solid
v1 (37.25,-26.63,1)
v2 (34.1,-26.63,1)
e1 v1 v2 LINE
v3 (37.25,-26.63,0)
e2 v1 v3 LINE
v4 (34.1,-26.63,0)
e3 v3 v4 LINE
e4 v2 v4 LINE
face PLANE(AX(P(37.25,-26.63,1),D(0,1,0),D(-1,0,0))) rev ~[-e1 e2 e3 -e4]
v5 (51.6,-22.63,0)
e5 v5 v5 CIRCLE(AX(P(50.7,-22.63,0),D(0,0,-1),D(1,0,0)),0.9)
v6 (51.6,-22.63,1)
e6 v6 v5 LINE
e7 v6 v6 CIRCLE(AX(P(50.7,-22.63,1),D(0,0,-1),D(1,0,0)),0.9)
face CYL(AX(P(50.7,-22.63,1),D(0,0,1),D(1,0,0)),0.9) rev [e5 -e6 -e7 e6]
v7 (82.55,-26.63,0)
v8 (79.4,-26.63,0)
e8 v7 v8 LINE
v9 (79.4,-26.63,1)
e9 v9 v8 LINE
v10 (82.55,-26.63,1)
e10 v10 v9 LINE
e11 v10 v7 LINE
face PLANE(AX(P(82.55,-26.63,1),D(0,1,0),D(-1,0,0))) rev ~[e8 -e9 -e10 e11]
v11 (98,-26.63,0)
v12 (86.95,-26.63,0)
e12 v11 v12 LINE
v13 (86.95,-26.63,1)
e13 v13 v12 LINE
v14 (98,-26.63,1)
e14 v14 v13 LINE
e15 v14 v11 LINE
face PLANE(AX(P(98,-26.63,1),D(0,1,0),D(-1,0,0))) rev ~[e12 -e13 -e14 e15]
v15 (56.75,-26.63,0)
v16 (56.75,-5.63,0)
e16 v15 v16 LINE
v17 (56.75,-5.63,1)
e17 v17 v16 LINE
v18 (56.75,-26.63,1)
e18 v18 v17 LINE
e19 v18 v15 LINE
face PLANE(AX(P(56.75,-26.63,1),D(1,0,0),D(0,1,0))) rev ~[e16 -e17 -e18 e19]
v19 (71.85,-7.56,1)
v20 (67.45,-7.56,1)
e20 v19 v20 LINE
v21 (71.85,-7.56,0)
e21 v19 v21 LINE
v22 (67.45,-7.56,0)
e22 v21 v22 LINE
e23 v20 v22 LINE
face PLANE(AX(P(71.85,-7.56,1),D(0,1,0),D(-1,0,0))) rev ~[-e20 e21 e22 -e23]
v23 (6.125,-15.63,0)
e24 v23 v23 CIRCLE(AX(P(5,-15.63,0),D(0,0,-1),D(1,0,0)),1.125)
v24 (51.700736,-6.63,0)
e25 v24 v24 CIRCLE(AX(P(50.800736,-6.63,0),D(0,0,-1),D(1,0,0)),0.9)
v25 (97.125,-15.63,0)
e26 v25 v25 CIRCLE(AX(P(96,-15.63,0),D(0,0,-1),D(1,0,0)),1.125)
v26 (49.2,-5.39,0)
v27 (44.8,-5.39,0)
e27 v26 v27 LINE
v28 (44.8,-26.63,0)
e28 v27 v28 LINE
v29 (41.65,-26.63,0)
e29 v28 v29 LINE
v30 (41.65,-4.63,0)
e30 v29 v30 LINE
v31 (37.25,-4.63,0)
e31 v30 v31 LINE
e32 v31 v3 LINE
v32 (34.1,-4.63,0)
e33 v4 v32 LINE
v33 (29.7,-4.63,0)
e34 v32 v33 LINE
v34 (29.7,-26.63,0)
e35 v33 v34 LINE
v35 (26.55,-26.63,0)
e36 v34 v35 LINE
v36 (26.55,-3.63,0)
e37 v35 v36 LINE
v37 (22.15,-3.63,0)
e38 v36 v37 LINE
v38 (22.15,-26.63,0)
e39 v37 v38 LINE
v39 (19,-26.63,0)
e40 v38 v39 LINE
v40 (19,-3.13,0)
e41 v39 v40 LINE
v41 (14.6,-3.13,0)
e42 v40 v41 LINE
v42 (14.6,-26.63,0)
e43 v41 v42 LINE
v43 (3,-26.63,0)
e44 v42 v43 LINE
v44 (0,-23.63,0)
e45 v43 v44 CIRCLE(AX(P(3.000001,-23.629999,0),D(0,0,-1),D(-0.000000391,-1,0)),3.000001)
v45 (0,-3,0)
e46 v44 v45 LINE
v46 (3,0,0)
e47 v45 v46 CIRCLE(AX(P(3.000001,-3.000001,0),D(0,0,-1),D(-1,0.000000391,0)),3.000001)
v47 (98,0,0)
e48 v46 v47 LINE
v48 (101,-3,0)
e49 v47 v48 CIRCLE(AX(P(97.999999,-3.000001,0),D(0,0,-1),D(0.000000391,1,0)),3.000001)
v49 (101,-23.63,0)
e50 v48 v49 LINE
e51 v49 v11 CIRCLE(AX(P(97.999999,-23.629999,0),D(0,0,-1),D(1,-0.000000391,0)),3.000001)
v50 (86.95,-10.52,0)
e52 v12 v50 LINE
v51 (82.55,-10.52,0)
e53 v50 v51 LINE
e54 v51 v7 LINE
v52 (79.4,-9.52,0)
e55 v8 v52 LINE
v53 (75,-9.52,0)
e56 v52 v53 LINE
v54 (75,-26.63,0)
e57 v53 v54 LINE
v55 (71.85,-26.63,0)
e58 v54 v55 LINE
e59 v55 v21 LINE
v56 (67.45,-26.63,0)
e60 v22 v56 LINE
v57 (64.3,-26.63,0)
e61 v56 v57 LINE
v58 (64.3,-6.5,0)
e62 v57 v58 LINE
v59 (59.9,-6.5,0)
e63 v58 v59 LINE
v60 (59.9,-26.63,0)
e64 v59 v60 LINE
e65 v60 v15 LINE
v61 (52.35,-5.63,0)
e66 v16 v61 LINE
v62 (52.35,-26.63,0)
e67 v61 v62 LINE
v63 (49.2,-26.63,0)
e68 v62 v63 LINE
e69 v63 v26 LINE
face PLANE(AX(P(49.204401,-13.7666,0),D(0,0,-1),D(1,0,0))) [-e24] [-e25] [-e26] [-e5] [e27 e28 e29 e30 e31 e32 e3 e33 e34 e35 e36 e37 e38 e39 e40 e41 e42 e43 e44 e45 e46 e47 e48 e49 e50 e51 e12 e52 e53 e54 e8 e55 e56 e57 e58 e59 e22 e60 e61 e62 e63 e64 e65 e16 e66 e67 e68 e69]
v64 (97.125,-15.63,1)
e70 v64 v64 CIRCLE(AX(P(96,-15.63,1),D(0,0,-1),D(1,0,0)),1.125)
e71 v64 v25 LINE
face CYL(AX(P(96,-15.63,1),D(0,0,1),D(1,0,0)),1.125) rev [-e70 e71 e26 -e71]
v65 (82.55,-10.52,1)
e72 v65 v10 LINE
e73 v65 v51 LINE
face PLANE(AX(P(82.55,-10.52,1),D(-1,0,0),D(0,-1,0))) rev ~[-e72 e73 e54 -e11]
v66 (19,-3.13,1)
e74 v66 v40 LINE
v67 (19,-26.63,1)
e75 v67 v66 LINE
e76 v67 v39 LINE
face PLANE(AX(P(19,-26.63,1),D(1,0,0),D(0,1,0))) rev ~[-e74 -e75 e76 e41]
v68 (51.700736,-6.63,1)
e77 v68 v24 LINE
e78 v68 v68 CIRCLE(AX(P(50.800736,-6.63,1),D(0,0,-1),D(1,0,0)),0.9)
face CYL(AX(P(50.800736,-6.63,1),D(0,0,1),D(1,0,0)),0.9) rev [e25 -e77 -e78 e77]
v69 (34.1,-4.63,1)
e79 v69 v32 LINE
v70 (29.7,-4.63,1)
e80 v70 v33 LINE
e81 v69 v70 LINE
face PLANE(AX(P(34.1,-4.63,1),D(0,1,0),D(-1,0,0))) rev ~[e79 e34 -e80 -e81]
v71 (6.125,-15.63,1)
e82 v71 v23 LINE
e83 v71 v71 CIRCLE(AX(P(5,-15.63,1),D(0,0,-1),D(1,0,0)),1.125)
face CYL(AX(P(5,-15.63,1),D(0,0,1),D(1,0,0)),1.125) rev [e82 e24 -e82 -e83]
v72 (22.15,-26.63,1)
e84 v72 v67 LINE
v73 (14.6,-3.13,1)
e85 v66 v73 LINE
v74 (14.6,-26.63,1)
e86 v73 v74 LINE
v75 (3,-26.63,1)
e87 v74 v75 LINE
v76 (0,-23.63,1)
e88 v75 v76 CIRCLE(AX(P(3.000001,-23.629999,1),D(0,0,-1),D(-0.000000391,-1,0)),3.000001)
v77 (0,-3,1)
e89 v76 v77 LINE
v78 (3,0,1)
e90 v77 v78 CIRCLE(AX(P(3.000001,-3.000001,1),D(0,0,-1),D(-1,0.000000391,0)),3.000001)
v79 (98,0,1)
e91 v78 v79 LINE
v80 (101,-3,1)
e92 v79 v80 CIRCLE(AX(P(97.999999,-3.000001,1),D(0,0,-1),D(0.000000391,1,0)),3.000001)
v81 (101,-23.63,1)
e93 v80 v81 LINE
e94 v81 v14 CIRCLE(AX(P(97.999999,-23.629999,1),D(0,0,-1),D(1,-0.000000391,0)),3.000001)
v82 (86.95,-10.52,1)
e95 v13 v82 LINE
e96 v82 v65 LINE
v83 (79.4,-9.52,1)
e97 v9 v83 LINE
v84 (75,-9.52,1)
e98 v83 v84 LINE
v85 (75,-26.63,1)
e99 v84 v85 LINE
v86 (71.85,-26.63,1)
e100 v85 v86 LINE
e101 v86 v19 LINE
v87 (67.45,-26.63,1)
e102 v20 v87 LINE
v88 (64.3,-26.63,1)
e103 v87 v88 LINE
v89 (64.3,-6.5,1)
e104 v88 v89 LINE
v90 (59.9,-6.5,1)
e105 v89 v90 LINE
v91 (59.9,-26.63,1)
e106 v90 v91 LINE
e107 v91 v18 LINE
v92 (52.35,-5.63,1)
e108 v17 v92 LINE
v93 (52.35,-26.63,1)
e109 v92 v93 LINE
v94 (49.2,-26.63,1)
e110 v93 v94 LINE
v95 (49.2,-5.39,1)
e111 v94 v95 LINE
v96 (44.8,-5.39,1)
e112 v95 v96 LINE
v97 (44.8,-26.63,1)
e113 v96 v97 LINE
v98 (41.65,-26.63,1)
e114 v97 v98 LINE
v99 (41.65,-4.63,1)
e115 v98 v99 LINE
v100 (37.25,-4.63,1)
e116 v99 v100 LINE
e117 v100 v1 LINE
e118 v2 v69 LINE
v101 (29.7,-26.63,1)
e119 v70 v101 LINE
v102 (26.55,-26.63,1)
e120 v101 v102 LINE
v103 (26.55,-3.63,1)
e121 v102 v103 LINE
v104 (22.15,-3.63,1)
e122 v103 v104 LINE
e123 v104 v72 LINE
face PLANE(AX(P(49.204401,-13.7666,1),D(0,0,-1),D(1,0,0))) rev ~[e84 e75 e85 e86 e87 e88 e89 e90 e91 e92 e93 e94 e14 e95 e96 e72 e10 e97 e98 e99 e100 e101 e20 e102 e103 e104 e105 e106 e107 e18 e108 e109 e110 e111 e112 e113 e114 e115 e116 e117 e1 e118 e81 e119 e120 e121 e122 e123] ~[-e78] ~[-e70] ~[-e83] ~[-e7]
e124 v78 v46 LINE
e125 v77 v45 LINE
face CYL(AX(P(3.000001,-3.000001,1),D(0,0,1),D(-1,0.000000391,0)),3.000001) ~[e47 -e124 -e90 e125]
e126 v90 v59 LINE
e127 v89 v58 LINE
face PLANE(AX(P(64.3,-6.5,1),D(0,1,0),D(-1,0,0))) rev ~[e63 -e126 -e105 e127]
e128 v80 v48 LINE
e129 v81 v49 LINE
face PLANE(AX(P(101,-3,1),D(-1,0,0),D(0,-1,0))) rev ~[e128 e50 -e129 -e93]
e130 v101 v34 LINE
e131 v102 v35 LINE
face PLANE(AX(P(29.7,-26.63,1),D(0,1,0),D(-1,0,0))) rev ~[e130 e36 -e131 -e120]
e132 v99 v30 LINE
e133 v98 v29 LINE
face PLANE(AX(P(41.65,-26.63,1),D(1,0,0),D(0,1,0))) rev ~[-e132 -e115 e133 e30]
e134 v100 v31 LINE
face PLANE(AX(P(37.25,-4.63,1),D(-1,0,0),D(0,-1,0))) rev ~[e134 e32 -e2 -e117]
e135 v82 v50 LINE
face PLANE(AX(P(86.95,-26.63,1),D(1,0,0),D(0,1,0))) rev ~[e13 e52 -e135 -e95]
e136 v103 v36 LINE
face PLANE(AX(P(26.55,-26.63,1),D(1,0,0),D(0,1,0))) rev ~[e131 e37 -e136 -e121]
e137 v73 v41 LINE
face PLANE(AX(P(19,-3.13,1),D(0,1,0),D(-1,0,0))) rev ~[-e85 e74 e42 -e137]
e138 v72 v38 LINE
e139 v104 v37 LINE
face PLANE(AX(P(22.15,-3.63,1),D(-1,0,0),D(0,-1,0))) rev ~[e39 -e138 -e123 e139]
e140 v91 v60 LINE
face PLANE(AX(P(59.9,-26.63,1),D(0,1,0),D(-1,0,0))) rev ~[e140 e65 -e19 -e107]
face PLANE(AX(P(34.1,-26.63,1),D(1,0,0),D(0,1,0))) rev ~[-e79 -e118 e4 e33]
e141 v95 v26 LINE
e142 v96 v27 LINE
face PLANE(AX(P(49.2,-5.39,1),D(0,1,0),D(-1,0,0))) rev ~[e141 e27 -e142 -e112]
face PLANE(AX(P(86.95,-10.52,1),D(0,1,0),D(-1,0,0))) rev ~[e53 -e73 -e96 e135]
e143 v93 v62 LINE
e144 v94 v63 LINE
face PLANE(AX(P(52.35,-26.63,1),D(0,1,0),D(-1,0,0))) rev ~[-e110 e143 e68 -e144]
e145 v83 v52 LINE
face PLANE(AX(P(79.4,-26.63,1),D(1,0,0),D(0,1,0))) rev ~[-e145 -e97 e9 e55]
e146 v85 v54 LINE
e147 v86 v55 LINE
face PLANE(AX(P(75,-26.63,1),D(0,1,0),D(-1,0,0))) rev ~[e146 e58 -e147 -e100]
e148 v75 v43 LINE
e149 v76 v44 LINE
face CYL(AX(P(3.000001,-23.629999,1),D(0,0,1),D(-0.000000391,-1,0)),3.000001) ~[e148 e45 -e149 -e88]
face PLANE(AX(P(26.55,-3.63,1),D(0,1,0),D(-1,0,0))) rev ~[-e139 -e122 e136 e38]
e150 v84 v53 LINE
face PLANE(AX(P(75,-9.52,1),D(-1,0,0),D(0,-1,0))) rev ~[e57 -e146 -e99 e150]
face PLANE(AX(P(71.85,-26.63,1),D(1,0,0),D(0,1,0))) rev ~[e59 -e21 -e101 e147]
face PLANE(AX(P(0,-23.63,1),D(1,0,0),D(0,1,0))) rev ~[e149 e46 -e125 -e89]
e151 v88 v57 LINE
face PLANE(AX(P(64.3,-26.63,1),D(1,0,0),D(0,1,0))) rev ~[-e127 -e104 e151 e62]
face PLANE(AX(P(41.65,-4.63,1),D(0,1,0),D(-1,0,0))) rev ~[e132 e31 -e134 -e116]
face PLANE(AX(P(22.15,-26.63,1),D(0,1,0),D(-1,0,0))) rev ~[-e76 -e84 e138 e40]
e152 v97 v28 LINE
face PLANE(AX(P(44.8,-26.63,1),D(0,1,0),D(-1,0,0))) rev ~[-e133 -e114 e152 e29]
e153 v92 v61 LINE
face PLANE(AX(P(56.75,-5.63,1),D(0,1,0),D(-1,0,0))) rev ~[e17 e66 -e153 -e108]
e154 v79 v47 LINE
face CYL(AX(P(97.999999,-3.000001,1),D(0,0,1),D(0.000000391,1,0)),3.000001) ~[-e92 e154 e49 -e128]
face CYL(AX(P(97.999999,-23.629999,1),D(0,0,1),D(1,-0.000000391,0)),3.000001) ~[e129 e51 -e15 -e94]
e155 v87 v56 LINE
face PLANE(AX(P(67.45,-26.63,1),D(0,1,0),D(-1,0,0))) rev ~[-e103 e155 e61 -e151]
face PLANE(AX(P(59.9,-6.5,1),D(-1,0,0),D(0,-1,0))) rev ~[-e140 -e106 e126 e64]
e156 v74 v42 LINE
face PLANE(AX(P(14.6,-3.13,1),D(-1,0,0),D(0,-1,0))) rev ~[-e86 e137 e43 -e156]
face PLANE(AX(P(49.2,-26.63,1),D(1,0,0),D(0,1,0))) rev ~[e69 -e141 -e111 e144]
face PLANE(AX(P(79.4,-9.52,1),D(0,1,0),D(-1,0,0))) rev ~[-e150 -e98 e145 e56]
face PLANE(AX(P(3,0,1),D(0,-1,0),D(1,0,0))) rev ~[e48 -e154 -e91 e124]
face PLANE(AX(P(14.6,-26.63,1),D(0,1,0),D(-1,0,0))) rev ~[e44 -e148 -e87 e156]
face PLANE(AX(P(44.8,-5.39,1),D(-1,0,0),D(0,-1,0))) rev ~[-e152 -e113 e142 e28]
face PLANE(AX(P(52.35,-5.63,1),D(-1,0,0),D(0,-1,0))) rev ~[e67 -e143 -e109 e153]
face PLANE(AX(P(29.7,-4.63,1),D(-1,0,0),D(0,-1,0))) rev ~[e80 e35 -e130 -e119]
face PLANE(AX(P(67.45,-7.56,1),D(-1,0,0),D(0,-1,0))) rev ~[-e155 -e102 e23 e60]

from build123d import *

# Parameters (mm, degrees)
F0_R     = 0.9
F0_R_2   = 1.125
F1_DEPTH = 1
F2_ANGLE = 90
F3_ANGLE = -90


with BuildPart() as f1:
    # F0 (on Right) → F1 (new body)
    with BuildSketch(Plane.YZ):
        with BuildLine():
            ThreePointArc((0, 3), (0.87868, 0.87868), (3, 0))
            Line((3, 0), (98, 0))
            ThreePointArc((98, 0), (100.12132, 0.87868), (101, 3))
            Line((101, 3), (101, 23.63))
            ThreePointArc((101, 23.63), (100.12132, 25.75132), (98, 26.63))
            Line((98, 26.63), (86.95, 26.63))
            Line((86.95, 26.63), (86.95, 10.52))
            Line((86.95, 10.52), (82.55, 10.52))
            Line((82.55, 10.52), (82.55, 26.63))
            Line((82.55, 26.63), (79.4, 26.63))
            Line((79.4, 26.63), (79.4, 9.52))
            Line((79.4, 9.52), (75, 9.52))
            Line((75, 9.52), (75, 26.63))
            Line((75, 26.63), (71.85, 26.63))
            Line((71.85, 26.63), (71.85, 7.56))
            Line((71.85, 7.56), (67.45, 7.56))
            Line((67.45, 7.56), (67.45, 26.63))
            Line((67.45, 26.63), (64.3, 26.63))
            Line((64.3, 26.63), (64.3, 6.5))
            Line((64.3, 6.5), (59.9, 6.5))
            Line((59.9, 6.5), (59.9, 26.63))
            Line((59.9, 26.63), (56.75, 26.63))
            Line((56.75, 26.63), (56.75, 5.63))
            Line((56.75, 5.63), (52.35, 5.63))
            Line((52.35, 5.63), (52.35, 26.63))
            Line((52.35, 26.63), (49.2, 26.63))
            Line((49.2, 26.63), (49.2, 5.39))
            Line((49.2, 5.39), (44.8, 5.39))
            Line((44.8, 5.39), (44.8, 26.63))
            Line((44.8, 26.63), (41.65, 26.63))
            Line((41.65, 26.63), (41.65, 4.63))
            Line((41.65, 4.63), (37.25, 4.63))
            Line((37.25, 4.63), (37.25, 26.63))
            Line((37.25, 26.63), (34.1, 26.63))
            Line((34.1, 26.63), (34.1, 4.63))
            Line((34.1, 4.63), (29.7, 4.63))
            Line((29.7, 4.63), (29.7, 26.63))
            Line((29.7, 26.63), (26.55, 26.63))
            Line((26.55, 26.63), (26.55, 3.63))
            Line((26.55, 3.63), (22.15, 3.63))
            Line((22.15, 3.63), (22.15, 26.63))
            Line((22.15, 26.63), (19, 26.63))
            Line((19, 26.63), (19, 3.13))
            Line((19, 3.13), (14.6, 3.13))
            Line((14.6, 3.13), (14.6, 26.63))
            Line((14.6, 26.63), (3, 26.63))
            ThreePointArc((3, 26.63), (0.87868, 25.75132), (0, 23.63))
            Line((0, 23.63), (0, 3))
        make_face()
        with Locations((50.800736, 6.63)):
            Circle(F0_R, mode=Mode.SUBTRACT)
        with Locations((5, 15.63)):
            Circle(F0_R_2, mode=Mode.SUBTRACT)
        with Locations((96, 15.63)):
            Circle(F0_R_2, mode=Mode.SUBTRACT)
        with Locations((50.7, 22.63)):
            Circle(F0_R, mode=Mode.SUBTRACT)
    extrude(amount=F1_DEPTH)


with BuildPart() as f1_1:
    # F2: moved
    add(f1.part.rotate(Axis((1, 50.5, 0), (0, 1, 0)), F2_ANGLE))


with BuildPart() as f1_2:
    # F3: moved
    add(f1_1.part.rotate(Axis((4, 3, 1), (0, 0, 1)), F3_ANGLE))


with BuildPart() as f1_3:
    # F4: moved
    add(f1_2.part.moved(Location((0, -6, 0))))


with BuildPart() as f1_4:
    # F5: moved
    add(f1_3.part.moved(Location((-1, 0, 0))))


solid = f1_4.part
